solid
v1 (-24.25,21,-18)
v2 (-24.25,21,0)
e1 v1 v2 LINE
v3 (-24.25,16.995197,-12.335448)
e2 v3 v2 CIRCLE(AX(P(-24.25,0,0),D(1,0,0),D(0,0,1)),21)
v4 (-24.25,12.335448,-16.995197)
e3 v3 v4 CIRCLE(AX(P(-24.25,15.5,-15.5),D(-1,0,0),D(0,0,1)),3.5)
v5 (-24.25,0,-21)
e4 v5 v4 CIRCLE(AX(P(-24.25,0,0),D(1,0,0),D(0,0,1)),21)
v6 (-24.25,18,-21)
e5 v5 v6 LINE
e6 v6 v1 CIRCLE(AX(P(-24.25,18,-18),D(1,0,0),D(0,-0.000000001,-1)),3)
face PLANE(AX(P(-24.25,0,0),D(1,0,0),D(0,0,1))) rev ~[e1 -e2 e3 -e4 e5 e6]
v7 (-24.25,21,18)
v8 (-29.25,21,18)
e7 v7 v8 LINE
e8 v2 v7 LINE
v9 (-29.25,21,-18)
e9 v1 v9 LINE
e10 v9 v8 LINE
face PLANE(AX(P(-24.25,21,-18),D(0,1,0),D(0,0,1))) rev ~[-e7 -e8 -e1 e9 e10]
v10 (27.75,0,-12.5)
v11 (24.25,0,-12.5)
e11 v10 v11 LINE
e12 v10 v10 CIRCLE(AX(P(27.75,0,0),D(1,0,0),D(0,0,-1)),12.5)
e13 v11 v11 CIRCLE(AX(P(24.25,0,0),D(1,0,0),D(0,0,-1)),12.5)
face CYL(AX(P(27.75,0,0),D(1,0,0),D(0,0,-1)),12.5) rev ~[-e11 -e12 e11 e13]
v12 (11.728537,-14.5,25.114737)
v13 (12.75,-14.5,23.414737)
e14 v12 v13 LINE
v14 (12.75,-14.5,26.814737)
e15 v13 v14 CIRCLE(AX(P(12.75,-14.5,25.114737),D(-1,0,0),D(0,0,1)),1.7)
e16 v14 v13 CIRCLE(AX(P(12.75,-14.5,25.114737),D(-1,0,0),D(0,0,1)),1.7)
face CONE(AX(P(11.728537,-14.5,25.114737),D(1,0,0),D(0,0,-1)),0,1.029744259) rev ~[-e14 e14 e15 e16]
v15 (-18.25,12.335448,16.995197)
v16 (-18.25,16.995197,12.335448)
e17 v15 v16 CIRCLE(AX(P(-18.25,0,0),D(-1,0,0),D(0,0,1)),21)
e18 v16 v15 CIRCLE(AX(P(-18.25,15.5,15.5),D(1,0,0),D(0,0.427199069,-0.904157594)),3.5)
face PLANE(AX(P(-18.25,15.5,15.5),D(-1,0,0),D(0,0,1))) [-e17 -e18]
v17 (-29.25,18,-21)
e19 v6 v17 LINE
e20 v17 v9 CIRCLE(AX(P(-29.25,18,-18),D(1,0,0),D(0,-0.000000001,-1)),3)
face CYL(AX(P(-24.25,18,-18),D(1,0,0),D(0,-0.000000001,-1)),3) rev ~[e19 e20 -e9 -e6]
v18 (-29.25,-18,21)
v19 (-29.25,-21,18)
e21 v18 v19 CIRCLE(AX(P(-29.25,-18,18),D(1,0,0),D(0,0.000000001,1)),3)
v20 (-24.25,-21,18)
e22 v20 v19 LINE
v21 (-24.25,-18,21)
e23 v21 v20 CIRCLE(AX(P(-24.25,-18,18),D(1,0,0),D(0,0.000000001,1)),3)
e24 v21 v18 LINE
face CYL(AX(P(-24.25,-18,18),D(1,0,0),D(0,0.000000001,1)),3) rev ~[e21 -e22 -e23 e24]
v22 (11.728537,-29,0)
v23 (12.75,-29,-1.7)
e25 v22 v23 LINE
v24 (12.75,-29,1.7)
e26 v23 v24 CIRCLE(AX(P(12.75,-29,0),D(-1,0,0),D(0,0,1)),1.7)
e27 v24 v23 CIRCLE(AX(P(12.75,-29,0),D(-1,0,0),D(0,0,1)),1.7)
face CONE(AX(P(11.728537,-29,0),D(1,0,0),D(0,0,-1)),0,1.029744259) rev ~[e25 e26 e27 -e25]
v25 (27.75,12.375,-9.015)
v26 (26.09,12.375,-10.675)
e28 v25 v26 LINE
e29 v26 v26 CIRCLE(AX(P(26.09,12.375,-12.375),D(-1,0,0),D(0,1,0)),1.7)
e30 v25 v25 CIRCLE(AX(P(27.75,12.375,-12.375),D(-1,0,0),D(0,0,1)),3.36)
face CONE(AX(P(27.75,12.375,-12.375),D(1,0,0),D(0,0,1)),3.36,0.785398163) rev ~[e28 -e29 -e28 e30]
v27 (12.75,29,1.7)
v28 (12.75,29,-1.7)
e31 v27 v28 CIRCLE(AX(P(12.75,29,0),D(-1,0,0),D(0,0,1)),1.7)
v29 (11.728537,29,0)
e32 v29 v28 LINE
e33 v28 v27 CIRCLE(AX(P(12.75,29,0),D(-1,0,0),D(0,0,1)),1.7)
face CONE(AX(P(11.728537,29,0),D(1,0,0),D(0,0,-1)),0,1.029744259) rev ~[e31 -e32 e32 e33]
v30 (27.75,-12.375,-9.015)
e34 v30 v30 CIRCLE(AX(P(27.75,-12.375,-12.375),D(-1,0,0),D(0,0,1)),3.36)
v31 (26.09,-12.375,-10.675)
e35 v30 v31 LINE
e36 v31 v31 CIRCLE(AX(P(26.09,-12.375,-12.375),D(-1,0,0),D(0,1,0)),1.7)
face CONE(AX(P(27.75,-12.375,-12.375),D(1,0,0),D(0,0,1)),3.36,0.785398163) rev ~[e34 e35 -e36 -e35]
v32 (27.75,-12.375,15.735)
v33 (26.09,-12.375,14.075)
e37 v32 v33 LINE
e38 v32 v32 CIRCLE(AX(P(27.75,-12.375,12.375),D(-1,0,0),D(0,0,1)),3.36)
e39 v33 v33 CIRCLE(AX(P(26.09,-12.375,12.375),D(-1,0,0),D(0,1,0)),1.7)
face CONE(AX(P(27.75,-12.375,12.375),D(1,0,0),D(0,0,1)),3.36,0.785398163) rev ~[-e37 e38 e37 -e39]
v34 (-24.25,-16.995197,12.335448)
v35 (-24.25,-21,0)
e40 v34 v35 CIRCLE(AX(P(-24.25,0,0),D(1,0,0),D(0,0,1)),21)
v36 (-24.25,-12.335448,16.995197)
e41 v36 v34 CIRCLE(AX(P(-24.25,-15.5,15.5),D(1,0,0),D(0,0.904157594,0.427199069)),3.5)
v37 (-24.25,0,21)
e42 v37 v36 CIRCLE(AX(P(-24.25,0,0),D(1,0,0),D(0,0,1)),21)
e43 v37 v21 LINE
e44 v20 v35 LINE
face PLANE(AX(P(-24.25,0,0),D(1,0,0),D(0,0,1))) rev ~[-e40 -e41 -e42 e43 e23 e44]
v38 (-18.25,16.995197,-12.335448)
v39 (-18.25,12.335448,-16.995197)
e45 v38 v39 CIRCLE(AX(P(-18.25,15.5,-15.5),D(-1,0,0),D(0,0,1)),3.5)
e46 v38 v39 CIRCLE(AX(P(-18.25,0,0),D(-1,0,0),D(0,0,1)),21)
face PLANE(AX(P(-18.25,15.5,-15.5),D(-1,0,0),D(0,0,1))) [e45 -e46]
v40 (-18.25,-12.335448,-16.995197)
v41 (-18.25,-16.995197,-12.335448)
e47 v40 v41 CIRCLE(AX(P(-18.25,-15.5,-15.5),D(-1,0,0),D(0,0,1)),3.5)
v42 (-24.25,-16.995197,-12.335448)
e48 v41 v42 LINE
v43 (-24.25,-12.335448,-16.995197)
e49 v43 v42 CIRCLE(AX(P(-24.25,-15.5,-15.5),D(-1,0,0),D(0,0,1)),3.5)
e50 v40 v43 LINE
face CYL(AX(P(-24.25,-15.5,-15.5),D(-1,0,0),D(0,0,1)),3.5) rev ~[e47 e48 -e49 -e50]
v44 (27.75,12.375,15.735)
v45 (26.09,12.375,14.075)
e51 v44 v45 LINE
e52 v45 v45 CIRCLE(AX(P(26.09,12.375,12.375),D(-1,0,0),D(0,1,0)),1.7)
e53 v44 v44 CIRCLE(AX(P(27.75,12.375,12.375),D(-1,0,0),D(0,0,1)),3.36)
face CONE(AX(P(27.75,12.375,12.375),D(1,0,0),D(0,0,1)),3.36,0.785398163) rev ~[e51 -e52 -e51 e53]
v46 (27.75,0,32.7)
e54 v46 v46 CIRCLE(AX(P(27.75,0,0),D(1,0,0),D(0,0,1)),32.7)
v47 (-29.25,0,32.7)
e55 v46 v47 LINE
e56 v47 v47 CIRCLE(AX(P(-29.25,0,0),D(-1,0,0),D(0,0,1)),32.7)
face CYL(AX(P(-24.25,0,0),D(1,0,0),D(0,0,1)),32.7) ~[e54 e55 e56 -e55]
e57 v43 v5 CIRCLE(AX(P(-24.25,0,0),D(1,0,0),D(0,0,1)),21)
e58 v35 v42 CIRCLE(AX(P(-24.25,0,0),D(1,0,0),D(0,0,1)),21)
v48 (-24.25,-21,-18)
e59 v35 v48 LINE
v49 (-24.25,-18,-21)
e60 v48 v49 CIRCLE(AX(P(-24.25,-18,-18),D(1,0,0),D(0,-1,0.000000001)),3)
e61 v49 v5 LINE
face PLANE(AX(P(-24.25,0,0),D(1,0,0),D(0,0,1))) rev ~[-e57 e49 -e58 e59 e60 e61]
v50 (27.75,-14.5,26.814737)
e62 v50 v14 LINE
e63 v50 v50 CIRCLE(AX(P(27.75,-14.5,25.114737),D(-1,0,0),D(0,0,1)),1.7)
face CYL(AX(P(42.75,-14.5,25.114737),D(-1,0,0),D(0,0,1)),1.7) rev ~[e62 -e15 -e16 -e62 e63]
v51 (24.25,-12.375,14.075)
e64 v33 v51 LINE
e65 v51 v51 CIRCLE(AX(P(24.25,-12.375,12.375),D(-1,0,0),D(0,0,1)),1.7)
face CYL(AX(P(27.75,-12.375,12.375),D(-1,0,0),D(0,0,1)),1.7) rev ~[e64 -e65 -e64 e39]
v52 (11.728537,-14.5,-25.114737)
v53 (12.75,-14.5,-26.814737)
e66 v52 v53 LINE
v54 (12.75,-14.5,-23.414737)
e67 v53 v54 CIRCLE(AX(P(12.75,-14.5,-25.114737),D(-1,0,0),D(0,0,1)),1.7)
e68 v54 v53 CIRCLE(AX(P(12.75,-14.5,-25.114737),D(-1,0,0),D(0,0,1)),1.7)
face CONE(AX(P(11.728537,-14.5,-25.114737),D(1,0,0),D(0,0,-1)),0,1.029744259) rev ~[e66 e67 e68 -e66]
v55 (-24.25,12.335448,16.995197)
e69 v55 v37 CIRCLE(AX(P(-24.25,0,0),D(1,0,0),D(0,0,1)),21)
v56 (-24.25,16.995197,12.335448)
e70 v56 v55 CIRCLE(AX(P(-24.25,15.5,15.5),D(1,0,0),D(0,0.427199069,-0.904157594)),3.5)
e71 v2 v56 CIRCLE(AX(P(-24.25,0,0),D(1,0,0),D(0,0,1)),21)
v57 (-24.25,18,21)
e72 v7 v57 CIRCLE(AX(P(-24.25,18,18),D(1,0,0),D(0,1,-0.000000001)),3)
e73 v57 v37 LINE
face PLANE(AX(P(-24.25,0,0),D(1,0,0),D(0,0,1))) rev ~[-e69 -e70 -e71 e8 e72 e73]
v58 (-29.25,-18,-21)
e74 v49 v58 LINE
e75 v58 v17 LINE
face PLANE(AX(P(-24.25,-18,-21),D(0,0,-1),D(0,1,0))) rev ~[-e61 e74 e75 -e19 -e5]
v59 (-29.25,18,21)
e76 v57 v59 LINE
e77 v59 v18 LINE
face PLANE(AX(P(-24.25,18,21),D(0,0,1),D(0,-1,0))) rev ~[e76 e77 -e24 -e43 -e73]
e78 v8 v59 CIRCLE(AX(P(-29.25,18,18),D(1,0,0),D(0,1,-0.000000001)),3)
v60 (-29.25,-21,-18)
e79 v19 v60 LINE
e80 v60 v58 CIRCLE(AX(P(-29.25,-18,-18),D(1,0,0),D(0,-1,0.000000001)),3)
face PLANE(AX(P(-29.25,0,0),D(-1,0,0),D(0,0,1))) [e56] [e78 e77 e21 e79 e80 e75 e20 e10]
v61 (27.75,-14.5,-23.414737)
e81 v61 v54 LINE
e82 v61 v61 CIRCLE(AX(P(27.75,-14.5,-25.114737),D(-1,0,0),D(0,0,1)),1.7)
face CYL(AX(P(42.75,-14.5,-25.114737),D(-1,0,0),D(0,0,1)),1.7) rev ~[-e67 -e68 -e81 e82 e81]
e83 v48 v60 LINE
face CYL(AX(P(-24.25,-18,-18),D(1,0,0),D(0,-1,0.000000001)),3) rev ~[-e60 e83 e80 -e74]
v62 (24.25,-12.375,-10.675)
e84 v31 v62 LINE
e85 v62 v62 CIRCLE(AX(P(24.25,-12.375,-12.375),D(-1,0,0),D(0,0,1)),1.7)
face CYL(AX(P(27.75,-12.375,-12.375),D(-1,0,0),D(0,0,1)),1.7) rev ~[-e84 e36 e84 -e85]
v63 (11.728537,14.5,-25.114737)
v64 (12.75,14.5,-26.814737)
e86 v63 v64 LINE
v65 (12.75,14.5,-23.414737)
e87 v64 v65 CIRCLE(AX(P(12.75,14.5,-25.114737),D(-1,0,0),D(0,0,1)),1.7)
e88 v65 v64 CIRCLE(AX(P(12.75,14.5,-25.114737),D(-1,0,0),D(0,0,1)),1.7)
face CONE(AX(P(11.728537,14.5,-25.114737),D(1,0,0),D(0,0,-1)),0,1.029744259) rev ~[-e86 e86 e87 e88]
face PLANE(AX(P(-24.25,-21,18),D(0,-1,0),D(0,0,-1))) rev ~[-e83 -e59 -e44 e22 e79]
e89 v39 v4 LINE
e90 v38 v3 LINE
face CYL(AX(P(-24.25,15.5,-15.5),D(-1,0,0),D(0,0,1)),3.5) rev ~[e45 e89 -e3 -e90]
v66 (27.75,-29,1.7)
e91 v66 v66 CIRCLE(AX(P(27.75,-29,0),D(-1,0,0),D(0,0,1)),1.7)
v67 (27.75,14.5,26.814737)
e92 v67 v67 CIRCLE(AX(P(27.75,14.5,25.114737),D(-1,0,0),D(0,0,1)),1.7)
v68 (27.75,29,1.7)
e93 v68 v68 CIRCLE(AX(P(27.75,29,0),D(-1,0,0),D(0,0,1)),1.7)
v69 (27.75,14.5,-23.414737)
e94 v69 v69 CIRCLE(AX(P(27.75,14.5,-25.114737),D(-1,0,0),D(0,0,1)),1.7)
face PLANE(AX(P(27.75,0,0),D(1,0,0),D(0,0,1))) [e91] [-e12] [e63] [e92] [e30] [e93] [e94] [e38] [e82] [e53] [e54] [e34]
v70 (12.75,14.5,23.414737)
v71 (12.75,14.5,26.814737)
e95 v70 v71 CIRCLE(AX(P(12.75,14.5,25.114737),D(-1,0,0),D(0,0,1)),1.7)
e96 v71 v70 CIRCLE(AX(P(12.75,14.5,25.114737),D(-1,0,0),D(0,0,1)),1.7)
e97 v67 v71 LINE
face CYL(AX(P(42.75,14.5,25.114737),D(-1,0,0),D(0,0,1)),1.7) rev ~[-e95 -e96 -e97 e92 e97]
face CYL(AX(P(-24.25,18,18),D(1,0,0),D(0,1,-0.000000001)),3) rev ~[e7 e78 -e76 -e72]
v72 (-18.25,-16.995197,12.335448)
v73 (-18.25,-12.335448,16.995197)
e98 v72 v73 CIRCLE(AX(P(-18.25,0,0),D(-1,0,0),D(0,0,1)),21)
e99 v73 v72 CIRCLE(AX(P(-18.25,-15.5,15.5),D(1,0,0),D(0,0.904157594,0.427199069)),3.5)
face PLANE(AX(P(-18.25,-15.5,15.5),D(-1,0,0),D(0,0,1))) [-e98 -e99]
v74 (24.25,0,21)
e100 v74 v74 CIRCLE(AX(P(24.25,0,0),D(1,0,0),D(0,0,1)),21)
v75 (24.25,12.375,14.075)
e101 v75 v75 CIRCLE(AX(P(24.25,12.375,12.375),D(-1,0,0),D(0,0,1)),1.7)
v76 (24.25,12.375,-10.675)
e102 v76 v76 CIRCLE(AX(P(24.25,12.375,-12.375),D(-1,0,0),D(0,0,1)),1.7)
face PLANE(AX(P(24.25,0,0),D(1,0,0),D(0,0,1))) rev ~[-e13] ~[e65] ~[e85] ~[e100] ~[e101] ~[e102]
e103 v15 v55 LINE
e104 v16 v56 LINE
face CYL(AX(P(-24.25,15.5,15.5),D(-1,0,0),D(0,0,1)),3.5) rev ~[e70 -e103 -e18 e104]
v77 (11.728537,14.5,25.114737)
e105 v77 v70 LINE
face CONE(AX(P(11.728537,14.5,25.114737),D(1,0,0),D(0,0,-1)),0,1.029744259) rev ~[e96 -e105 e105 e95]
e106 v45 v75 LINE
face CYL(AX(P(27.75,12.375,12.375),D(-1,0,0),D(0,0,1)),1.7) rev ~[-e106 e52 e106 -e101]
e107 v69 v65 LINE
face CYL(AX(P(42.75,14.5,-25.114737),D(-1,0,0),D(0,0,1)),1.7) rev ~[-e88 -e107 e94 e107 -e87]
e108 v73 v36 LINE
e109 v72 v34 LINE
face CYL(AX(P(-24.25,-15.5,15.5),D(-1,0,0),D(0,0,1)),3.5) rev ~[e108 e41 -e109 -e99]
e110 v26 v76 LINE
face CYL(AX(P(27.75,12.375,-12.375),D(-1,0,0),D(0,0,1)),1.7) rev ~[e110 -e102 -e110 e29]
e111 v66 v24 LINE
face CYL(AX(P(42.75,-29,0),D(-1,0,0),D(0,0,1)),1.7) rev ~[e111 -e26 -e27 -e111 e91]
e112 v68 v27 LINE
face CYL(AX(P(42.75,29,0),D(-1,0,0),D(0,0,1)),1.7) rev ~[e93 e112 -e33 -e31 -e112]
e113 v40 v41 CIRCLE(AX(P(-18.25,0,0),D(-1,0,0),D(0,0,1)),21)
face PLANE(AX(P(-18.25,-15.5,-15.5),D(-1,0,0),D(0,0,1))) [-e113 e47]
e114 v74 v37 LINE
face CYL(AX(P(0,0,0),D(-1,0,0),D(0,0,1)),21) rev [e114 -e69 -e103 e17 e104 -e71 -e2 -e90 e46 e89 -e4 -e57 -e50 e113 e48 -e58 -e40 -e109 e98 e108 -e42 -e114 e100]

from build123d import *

# Parameters (mm, degrees)
CROQUIS1_R                                           = 32.7
CROQUIS1_R_2                                         = 21
SALIENTE_EXTRUIR1_DEPTH                              = 24.25
SALIENTE_EXTRUIR2_START                              = 3.5
CROQUIS2_R                                           = 32.7
CROQUIS2_R_2                                         = 12.5
SALIENTE_EXTRUIR2_DEPTH                              = 3.5
CROQUIS3_R                                           = 32.7
SALIENTE_EXTRUIR3_DEPTH                              = 5
CROQUIS4_R                                           = 3.5
CORTAR_EXTRUIR1_DEPTH                                = 6
REFRENTADO_PARA_TORNILLO_TAP_N_CON_CABEZ_D           = 3.4
REFRENTADO_PARA_TORNILLO_TAP_N_CON_CABEZ_CSINK_D     = 6.72
REFRENTADO_PARA_TORNILLO_TAP_N_CON_CABEZ_CSINK_ANGLE = 90
TALADRO_DE_MARGEN_PARA_M31_D                         = 3.4
TALADRO_DE_MARGEN_PARA_M31_DEPTH                     = 15
TALADRO_DE_MARGEN_PARA_M31_TIP                       = 1.021463052


with BuildPart() as part:
    # Croquis1 → Saliente-Extruir1 (new, symmetric)
    with BuildSketch(Plane(origin=(0, 0, 0), x_dir=(0, 0, -1), z_dir=(1, 0, 0))):
        with Locations(Location((0, 0, 0), (0, 0, 180))):
            Circle(CROQUIS1_R)
        with Locations(Location((0, 0, 0), (0, 0, 180))):
            Circle(CROQUIS1_R_2, mode=Mode.SUBTRACT)
    extrude(amount=SALIENTE_EXTRUIR1_DEPTH, both=True)

    # Croquis2 → Saliente-Extruir2 (add)
    with BuildSketch(Plane(origin=(24.25, 0, 0), x_dir=(0, 0, -1), z_dir=(1, 0, 0)).offset(SALIENTE_EXTRUIR2_START)):
        with Locations(Location((0, 0, 0), (0, 0, 180))):
            Circle(CROQUIS2_R)
        Circle(CROQUIS2_R_2, mode=Mode.SUBTRACT)
    extrude(amount=-SALIENTE_EXTRUIR2_DEPTH)

    # Croquis3 → Saliente-Extruir3 (add)
    with BuildSketch(Plane.ZY.offset(24.25)):
        Circle(CROQUIS3_R)
        with BuildLine():
            Line((-18, 21), (18, 21))
            ThreePointArc((18, 21), (20.121320344, 20.121320344), (21, 18))
            Line((21, 18), (21, -18))
            ThreePointArc((21, -18), (20.121320344, -20.121320344), (18, -21))
            Line((18, -21), (-18, -21))
            ThreePointArc((-18, -21), (-20.121320344, -20.121320344), (-21, -18))
            Line((-21, -18), (-21, 18))
            ThreePointArc((-21, 18), (-20.121320344, 20.121320344), (-18, 21))
        make_face(mode=Mode.SUBTRACT)
    extrude(amount=SALIENTE_EXTRUIR3_DEPTH)

    # Croquis4 → Cortar-Extruir1 (cut)
    with BuildSketch(Plane.ZY.offset(24.25)):
        with Locations((15.5, 15.5)):
            Circle(CROQUIS4_R)
        with Locations((-15.5, 15.5)):
            Circle(CROQUIS4_R)
        with Locations((-15.5, -15.5)):
            Circle(CROQUIS4_R)
        with Locations((15.5, -15.5)):
            Circle(CROQUIS4_R)
    extrude(amount=-CORTAR_EXTRUIR1_DEPTH, mode=Mode.SUBTRACT)

    # Refrentado para tornillo tapón con cabeza plana de clavija de M32 (through all)
    with Locations(Plane(origin=(27.75, 0, 0), x_dir=(0, 0, -1), z_dir=(1, 0, 0))):
        with Locations((12.375, 12.375), (-12.375, -12.375), (-12.375, 12.375), (12.375, -12.375)):
            CounterSinkHole(REFRENTADO_PARA_TORNILLO_TAP_N_CON_CABEZ_D / 2, REFRENTADO_PARA_TORNILLO_TAP_N_CON_CABEZ_CSINK_D / 2, counter_sink_angle=REFRENTADO_PARA_TORNILLO_TAP_N_CON_CABEZ_CSINK_ANGLE)

    # Taladro de margen para M31
    with Locations(Plane(origin=(27.75, 0, 0), x_dir=(0, 0, -1), z_dir=(1, 0, 0))):
        with Locations((0, 29), (25.11473671, 14.5), (25.11473671, -14.5), (0, -29), (-25.11473671, -14.5), (-25.11473671, 14.5)):
            Hole(TALADRO_DE_MARGEN_PARA_M31_D / 2, depth=TALADRO_DE_MARGEN_PARA_M31_DEPTH)
            with Locations((0, 0, -(TALADRO_DE_MARGEN_PARA_M31_DEPTH + TALADRO_DE_MARGEN_PARA_M31_TIP / 2))):  # 118° drill point
                Cone(0, TALADRO_DE_MARGEN_PARA_M31_D / 2, TALADRO_DE_MARGEN_PARA_M31_TIP, mode=Mode.SUBTRACT)


solid = part.part
